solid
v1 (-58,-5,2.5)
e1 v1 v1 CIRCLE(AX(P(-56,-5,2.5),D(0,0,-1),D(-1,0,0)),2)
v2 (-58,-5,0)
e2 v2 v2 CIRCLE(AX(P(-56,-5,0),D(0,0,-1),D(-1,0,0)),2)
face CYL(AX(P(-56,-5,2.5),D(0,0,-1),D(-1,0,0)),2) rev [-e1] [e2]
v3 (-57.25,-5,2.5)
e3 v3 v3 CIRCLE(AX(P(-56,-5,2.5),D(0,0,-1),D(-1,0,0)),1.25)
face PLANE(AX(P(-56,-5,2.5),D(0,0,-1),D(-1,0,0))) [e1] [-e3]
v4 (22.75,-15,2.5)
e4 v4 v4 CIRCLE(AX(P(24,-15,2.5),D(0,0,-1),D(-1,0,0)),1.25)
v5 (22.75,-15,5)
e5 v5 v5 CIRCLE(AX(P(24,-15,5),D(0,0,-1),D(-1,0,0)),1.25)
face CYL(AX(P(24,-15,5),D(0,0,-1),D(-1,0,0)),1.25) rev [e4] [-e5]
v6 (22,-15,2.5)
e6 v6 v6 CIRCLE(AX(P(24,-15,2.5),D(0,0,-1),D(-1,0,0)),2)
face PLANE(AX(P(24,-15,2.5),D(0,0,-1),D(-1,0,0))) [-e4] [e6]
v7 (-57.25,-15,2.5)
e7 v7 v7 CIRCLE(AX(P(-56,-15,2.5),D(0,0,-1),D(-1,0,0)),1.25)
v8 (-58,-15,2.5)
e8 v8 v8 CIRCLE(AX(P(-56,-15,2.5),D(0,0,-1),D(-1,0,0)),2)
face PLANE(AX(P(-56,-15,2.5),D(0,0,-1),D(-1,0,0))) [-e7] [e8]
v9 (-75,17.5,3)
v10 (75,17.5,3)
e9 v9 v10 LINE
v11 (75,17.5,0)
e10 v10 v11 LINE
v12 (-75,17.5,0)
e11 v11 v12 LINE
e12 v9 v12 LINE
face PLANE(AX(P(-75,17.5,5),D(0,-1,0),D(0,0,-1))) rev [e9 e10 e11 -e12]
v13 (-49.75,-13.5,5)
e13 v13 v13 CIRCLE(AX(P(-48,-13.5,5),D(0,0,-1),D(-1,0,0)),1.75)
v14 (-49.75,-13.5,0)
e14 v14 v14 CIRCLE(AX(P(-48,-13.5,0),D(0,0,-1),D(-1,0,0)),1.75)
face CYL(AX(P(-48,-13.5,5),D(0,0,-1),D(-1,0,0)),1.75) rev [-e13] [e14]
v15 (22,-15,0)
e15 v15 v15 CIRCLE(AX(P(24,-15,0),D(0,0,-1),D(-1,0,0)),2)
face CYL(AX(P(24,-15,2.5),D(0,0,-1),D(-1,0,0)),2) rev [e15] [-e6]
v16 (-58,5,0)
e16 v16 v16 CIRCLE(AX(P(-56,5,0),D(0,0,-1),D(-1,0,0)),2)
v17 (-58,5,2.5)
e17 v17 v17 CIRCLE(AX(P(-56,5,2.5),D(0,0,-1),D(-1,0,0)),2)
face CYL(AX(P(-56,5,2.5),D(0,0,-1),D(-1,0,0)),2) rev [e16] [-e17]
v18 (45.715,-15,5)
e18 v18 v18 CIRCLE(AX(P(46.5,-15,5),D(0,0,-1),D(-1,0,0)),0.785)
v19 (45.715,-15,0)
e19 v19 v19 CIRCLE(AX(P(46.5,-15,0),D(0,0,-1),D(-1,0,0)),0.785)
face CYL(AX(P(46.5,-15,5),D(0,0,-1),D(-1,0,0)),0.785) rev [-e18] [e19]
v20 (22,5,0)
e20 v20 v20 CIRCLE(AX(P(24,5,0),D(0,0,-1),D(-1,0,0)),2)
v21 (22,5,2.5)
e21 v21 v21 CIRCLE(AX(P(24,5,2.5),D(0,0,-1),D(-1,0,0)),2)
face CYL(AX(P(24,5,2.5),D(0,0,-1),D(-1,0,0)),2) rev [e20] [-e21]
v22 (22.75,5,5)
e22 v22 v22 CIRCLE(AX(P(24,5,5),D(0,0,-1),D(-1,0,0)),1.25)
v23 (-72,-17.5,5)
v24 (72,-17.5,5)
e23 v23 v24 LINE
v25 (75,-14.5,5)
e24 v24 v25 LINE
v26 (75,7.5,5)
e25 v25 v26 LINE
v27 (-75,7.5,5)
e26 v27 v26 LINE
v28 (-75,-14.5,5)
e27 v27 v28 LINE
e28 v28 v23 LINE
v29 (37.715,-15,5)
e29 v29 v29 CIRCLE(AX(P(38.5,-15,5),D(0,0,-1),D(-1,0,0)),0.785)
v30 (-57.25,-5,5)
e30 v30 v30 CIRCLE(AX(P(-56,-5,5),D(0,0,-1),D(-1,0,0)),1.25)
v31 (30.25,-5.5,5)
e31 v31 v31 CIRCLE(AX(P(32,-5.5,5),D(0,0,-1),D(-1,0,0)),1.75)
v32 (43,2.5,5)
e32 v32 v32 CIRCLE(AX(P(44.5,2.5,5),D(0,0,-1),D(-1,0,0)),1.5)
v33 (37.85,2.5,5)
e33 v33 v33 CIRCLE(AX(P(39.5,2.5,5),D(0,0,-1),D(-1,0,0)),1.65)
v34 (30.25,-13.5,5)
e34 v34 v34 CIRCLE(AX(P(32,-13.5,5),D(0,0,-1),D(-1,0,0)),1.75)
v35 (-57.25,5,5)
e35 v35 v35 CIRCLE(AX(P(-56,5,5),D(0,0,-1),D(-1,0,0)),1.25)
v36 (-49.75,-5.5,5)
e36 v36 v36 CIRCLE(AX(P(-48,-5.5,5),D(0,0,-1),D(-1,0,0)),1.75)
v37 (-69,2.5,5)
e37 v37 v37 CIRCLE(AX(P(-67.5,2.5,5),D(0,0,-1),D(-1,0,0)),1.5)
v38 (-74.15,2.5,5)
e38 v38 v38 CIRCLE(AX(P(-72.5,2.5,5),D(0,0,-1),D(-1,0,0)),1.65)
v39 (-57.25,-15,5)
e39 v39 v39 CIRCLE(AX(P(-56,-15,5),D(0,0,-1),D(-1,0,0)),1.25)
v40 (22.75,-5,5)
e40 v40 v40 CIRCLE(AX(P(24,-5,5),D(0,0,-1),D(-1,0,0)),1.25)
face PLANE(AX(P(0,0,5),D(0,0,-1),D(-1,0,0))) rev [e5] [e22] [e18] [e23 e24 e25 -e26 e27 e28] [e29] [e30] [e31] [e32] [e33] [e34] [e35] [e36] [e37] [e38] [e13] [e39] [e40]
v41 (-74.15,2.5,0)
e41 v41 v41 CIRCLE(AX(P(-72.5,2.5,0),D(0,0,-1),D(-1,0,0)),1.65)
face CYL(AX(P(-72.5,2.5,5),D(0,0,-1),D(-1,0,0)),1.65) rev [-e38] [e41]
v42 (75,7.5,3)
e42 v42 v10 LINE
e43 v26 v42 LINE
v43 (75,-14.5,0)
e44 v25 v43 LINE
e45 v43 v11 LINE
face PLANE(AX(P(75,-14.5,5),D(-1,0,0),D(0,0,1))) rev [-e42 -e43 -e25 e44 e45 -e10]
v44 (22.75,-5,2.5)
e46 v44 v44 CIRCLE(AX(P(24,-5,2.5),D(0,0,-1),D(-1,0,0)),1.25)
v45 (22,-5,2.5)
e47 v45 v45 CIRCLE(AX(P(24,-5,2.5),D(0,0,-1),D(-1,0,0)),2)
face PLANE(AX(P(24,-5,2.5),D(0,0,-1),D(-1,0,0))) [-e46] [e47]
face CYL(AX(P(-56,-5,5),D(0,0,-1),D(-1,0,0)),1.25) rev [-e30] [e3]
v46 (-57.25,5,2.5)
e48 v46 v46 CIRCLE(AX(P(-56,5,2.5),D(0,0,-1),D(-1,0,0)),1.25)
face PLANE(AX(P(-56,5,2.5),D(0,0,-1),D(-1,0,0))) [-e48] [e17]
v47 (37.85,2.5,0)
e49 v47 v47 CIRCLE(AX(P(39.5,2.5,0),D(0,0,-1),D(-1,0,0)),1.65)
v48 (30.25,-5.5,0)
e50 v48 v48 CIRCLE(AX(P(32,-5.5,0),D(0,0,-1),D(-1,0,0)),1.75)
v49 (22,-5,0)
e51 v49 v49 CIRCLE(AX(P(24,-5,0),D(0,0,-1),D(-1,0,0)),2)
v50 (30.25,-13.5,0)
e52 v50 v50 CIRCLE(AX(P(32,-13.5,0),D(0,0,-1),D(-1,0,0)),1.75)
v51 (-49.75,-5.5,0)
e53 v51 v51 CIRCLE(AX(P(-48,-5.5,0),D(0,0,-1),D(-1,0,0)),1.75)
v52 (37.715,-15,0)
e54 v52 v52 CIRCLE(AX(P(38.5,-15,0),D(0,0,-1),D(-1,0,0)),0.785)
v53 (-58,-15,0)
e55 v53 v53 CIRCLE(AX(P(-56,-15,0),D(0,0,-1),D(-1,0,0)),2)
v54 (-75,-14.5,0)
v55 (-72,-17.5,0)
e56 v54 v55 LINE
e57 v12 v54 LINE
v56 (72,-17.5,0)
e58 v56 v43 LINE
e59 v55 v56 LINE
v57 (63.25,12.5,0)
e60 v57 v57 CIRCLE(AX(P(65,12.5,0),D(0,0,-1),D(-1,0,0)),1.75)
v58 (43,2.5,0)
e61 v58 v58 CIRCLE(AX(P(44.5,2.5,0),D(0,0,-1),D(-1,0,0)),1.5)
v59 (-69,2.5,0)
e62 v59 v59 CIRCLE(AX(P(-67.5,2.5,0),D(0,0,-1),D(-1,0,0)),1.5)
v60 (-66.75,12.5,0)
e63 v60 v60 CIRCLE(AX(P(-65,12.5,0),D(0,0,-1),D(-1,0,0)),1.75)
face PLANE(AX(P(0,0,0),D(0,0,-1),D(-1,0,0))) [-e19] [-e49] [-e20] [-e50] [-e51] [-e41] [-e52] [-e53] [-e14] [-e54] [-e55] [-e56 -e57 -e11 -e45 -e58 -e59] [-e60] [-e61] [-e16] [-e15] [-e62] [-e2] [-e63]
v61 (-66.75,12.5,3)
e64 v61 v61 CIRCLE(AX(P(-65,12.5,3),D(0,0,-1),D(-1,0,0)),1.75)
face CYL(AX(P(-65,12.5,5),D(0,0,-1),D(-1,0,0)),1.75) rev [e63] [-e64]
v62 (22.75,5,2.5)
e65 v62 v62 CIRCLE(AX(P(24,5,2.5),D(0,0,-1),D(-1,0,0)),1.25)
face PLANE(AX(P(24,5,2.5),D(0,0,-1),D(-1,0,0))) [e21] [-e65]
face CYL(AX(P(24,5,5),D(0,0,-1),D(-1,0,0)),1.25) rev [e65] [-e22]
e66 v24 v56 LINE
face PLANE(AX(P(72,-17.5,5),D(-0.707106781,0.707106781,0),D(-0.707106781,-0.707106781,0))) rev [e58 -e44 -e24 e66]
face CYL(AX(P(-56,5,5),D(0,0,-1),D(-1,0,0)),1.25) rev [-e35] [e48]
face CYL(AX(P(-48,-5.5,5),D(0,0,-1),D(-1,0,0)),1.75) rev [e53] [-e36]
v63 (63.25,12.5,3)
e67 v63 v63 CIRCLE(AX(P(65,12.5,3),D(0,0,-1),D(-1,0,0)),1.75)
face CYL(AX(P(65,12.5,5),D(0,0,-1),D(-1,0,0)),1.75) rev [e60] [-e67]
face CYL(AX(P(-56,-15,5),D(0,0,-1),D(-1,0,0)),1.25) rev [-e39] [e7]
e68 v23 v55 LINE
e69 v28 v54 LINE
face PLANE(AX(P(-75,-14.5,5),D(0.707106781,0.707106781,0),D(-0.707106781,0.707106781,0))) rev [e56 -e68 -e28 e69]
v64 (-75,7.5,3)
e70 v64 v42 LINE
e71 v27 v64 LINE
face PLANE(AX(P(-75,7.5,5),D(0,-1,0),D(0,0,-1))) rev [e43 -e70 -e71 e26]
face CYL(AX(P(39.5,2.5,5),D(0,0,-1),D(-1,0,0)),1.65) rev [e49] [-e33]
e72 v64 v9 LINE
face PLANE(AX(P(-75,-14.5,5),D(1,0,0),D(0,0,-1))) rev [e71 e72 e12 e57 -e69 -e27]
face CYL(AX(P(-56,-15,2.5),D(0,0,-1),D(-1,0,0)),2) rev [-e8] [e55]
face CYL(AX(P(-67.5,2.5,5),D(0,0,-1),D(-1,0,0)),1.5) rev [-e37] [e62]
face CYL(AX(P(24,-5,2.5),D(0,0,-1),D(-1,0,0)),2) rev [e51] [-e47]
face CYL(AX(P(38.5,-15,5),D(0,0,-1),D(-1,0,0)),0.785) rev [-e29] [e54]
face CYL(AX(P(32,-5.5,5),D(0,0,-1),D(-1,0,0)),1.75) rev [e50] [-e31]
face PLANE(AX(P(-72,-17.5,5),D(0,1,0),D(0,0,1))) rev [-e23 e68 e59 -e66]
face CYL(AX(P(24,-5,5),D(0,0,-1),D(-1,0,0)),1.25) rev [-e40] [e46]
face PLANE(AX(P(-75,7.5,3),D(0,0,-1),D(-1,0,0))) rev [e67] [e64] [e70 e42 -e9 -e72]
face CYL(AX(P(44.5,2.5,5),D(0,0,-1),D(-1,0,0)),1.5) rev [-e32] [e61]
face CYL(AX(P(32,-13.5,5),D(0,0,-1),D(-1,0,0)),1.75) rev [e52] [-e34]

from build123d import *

# Parameters (mm, degrees)
BOSS_EXTRUDE1_DEPTH  = 5
SKETCH2_W            = 2
SKETCH2_H            = 10
CUT_EXTRUDE1_DEPTH   = 151
SKETCH3_R            = 1.75
SKETCH3_R_2          = 1.5
SKETCH3_R_3          = 1.65
SKETCH3_R_4          = 0.785
CUT_EXTRUDE2_DEPTH   = 6
SKETCH4_R            = 2
CUT_EXTRUDE3_DEPTH   = 2.5
SKETCH5_R            = 1.25
CUT_EXTRUDE4_DEPTH   = 3.5
LPATTERN1_COUNT      = 3
LPATTERN1_PITCH      = 10
LPATTERN1_COUNT_DIR2 = 2
LPATTERN1_PITCH_DIR2 = 80


with BuildPart() as part:
    # Sketch1 → Boss-Extrude1 (new body)
    with BuildSketch(Plane.XY):
        Polygon((72, -17.5), (75, -14.5), (75, 17.5), (-75, 17.5), (-75, -14.5), (-72, -17.5), align=None)
    extrude(amount=BOSS_EXTRUDE1_DEPTH)

    # Sketch2 → Cut-Extrude1 (cut, through all)
    with BuildSketch(Plane(origin=(75, 0, 0), x_dir=(0, 0, -1), z_dir=(1, 0, 0))):
        with Locations((-4, 12.5)):
            Rectangle(SKETCH2_W, SKETCH2_H)
    extrude(amount=-CUT_EXTRUDE1_DEPTH, mode=Mode.SUBTRACT)

    # Sketch3 → Cut-Extrude2 (cut, through all)
    with BuildSketch(Plane(origin=(0, 0, 0), x_dir=(-1, 0, 0), z_dir=(0, 0, -1))):
        with Locations((-65, 12.5)):
            Circle(SKETCH3_R)
        with Locations((65, 12.5)):
            Circle(SKETCH3_R)
        with Locations((-44.5, 2.5)):
            Circle(SKETCH3_R_2)
        with Locations((-39.5, 2.5)):
            Circle(SKETCH3_R_3)
        with Locations((-46.5, -15)):
            Circle(SKETCH3_R_4)
        with Locations((-38.5, -15)):
            Circle(SKETCH3_R_4)
        with Locations((-32, -5.5)):
            Circle(SKETCH3_R)
        with Locations((-32, -13.5)):
            Circle(SKETCH3_R)
        with Locations((48, -5.5)):
            Circle(SKETCH3_R)
        with Locations((48, -13.5)):
            Circle(SKETCH3_R)
        with Locations((67.5, 2.5)):
            Circle(SKETCH3_R_2)
        with Locations((72.5, 2.5)):
            Circle(SKETCH3_R_3)
    extrude(amount=-CUT_EXTRUDE2_DEPTH, mode=Mode.SUBTRACT)

    # Sketch4 → Cut-Extrude3 (cut)
    with BuildSketch(Plane(origin=(0, 0, 0), x_dir=(-1, 0, 0), z_dir=(0, 0, -1))):
        with Locations((-24, 5)):
            Circle(SKETCH4_R)
    cut_extrude3 = extrude(amount=-CUT_EXTRUDE3_DEPTH, mode=Mode.SUBTRACT)

    # Sketch5 → Cut-Extrude4 (cut, through all)
    with BuildSketch(Plane(origin=(0, 0, 2.5), x_dir=(-1, 0, 0), z_dir=(0, 0, -1))):
        with Locations((-24, 5)):
            Circle(SKETCH5_R)
    cut_extrude4 = extrude(amount=-CUT_EXTRUDE4_DEPTH, mode=Mode.SUBTRACT)

    # LPattern1: Cut-Extrude3, Cut-Extrude4 3 × 2
    with Locations(*[(-j * LPATTERN1_PITCH_DIR2, -i * LPATTERN1_PITCH, 0) for i in range(LPATTERN1_COUNT) for j in range(LPATTERN1_COUNT_DIR2) if (i, j) != (0, 0)]):
        add(cut_extrude3, mode=Mode.SUBTRACT)
        add(cut_extrude4, mode=Mode.SUBTRACT)


solid = part.part
